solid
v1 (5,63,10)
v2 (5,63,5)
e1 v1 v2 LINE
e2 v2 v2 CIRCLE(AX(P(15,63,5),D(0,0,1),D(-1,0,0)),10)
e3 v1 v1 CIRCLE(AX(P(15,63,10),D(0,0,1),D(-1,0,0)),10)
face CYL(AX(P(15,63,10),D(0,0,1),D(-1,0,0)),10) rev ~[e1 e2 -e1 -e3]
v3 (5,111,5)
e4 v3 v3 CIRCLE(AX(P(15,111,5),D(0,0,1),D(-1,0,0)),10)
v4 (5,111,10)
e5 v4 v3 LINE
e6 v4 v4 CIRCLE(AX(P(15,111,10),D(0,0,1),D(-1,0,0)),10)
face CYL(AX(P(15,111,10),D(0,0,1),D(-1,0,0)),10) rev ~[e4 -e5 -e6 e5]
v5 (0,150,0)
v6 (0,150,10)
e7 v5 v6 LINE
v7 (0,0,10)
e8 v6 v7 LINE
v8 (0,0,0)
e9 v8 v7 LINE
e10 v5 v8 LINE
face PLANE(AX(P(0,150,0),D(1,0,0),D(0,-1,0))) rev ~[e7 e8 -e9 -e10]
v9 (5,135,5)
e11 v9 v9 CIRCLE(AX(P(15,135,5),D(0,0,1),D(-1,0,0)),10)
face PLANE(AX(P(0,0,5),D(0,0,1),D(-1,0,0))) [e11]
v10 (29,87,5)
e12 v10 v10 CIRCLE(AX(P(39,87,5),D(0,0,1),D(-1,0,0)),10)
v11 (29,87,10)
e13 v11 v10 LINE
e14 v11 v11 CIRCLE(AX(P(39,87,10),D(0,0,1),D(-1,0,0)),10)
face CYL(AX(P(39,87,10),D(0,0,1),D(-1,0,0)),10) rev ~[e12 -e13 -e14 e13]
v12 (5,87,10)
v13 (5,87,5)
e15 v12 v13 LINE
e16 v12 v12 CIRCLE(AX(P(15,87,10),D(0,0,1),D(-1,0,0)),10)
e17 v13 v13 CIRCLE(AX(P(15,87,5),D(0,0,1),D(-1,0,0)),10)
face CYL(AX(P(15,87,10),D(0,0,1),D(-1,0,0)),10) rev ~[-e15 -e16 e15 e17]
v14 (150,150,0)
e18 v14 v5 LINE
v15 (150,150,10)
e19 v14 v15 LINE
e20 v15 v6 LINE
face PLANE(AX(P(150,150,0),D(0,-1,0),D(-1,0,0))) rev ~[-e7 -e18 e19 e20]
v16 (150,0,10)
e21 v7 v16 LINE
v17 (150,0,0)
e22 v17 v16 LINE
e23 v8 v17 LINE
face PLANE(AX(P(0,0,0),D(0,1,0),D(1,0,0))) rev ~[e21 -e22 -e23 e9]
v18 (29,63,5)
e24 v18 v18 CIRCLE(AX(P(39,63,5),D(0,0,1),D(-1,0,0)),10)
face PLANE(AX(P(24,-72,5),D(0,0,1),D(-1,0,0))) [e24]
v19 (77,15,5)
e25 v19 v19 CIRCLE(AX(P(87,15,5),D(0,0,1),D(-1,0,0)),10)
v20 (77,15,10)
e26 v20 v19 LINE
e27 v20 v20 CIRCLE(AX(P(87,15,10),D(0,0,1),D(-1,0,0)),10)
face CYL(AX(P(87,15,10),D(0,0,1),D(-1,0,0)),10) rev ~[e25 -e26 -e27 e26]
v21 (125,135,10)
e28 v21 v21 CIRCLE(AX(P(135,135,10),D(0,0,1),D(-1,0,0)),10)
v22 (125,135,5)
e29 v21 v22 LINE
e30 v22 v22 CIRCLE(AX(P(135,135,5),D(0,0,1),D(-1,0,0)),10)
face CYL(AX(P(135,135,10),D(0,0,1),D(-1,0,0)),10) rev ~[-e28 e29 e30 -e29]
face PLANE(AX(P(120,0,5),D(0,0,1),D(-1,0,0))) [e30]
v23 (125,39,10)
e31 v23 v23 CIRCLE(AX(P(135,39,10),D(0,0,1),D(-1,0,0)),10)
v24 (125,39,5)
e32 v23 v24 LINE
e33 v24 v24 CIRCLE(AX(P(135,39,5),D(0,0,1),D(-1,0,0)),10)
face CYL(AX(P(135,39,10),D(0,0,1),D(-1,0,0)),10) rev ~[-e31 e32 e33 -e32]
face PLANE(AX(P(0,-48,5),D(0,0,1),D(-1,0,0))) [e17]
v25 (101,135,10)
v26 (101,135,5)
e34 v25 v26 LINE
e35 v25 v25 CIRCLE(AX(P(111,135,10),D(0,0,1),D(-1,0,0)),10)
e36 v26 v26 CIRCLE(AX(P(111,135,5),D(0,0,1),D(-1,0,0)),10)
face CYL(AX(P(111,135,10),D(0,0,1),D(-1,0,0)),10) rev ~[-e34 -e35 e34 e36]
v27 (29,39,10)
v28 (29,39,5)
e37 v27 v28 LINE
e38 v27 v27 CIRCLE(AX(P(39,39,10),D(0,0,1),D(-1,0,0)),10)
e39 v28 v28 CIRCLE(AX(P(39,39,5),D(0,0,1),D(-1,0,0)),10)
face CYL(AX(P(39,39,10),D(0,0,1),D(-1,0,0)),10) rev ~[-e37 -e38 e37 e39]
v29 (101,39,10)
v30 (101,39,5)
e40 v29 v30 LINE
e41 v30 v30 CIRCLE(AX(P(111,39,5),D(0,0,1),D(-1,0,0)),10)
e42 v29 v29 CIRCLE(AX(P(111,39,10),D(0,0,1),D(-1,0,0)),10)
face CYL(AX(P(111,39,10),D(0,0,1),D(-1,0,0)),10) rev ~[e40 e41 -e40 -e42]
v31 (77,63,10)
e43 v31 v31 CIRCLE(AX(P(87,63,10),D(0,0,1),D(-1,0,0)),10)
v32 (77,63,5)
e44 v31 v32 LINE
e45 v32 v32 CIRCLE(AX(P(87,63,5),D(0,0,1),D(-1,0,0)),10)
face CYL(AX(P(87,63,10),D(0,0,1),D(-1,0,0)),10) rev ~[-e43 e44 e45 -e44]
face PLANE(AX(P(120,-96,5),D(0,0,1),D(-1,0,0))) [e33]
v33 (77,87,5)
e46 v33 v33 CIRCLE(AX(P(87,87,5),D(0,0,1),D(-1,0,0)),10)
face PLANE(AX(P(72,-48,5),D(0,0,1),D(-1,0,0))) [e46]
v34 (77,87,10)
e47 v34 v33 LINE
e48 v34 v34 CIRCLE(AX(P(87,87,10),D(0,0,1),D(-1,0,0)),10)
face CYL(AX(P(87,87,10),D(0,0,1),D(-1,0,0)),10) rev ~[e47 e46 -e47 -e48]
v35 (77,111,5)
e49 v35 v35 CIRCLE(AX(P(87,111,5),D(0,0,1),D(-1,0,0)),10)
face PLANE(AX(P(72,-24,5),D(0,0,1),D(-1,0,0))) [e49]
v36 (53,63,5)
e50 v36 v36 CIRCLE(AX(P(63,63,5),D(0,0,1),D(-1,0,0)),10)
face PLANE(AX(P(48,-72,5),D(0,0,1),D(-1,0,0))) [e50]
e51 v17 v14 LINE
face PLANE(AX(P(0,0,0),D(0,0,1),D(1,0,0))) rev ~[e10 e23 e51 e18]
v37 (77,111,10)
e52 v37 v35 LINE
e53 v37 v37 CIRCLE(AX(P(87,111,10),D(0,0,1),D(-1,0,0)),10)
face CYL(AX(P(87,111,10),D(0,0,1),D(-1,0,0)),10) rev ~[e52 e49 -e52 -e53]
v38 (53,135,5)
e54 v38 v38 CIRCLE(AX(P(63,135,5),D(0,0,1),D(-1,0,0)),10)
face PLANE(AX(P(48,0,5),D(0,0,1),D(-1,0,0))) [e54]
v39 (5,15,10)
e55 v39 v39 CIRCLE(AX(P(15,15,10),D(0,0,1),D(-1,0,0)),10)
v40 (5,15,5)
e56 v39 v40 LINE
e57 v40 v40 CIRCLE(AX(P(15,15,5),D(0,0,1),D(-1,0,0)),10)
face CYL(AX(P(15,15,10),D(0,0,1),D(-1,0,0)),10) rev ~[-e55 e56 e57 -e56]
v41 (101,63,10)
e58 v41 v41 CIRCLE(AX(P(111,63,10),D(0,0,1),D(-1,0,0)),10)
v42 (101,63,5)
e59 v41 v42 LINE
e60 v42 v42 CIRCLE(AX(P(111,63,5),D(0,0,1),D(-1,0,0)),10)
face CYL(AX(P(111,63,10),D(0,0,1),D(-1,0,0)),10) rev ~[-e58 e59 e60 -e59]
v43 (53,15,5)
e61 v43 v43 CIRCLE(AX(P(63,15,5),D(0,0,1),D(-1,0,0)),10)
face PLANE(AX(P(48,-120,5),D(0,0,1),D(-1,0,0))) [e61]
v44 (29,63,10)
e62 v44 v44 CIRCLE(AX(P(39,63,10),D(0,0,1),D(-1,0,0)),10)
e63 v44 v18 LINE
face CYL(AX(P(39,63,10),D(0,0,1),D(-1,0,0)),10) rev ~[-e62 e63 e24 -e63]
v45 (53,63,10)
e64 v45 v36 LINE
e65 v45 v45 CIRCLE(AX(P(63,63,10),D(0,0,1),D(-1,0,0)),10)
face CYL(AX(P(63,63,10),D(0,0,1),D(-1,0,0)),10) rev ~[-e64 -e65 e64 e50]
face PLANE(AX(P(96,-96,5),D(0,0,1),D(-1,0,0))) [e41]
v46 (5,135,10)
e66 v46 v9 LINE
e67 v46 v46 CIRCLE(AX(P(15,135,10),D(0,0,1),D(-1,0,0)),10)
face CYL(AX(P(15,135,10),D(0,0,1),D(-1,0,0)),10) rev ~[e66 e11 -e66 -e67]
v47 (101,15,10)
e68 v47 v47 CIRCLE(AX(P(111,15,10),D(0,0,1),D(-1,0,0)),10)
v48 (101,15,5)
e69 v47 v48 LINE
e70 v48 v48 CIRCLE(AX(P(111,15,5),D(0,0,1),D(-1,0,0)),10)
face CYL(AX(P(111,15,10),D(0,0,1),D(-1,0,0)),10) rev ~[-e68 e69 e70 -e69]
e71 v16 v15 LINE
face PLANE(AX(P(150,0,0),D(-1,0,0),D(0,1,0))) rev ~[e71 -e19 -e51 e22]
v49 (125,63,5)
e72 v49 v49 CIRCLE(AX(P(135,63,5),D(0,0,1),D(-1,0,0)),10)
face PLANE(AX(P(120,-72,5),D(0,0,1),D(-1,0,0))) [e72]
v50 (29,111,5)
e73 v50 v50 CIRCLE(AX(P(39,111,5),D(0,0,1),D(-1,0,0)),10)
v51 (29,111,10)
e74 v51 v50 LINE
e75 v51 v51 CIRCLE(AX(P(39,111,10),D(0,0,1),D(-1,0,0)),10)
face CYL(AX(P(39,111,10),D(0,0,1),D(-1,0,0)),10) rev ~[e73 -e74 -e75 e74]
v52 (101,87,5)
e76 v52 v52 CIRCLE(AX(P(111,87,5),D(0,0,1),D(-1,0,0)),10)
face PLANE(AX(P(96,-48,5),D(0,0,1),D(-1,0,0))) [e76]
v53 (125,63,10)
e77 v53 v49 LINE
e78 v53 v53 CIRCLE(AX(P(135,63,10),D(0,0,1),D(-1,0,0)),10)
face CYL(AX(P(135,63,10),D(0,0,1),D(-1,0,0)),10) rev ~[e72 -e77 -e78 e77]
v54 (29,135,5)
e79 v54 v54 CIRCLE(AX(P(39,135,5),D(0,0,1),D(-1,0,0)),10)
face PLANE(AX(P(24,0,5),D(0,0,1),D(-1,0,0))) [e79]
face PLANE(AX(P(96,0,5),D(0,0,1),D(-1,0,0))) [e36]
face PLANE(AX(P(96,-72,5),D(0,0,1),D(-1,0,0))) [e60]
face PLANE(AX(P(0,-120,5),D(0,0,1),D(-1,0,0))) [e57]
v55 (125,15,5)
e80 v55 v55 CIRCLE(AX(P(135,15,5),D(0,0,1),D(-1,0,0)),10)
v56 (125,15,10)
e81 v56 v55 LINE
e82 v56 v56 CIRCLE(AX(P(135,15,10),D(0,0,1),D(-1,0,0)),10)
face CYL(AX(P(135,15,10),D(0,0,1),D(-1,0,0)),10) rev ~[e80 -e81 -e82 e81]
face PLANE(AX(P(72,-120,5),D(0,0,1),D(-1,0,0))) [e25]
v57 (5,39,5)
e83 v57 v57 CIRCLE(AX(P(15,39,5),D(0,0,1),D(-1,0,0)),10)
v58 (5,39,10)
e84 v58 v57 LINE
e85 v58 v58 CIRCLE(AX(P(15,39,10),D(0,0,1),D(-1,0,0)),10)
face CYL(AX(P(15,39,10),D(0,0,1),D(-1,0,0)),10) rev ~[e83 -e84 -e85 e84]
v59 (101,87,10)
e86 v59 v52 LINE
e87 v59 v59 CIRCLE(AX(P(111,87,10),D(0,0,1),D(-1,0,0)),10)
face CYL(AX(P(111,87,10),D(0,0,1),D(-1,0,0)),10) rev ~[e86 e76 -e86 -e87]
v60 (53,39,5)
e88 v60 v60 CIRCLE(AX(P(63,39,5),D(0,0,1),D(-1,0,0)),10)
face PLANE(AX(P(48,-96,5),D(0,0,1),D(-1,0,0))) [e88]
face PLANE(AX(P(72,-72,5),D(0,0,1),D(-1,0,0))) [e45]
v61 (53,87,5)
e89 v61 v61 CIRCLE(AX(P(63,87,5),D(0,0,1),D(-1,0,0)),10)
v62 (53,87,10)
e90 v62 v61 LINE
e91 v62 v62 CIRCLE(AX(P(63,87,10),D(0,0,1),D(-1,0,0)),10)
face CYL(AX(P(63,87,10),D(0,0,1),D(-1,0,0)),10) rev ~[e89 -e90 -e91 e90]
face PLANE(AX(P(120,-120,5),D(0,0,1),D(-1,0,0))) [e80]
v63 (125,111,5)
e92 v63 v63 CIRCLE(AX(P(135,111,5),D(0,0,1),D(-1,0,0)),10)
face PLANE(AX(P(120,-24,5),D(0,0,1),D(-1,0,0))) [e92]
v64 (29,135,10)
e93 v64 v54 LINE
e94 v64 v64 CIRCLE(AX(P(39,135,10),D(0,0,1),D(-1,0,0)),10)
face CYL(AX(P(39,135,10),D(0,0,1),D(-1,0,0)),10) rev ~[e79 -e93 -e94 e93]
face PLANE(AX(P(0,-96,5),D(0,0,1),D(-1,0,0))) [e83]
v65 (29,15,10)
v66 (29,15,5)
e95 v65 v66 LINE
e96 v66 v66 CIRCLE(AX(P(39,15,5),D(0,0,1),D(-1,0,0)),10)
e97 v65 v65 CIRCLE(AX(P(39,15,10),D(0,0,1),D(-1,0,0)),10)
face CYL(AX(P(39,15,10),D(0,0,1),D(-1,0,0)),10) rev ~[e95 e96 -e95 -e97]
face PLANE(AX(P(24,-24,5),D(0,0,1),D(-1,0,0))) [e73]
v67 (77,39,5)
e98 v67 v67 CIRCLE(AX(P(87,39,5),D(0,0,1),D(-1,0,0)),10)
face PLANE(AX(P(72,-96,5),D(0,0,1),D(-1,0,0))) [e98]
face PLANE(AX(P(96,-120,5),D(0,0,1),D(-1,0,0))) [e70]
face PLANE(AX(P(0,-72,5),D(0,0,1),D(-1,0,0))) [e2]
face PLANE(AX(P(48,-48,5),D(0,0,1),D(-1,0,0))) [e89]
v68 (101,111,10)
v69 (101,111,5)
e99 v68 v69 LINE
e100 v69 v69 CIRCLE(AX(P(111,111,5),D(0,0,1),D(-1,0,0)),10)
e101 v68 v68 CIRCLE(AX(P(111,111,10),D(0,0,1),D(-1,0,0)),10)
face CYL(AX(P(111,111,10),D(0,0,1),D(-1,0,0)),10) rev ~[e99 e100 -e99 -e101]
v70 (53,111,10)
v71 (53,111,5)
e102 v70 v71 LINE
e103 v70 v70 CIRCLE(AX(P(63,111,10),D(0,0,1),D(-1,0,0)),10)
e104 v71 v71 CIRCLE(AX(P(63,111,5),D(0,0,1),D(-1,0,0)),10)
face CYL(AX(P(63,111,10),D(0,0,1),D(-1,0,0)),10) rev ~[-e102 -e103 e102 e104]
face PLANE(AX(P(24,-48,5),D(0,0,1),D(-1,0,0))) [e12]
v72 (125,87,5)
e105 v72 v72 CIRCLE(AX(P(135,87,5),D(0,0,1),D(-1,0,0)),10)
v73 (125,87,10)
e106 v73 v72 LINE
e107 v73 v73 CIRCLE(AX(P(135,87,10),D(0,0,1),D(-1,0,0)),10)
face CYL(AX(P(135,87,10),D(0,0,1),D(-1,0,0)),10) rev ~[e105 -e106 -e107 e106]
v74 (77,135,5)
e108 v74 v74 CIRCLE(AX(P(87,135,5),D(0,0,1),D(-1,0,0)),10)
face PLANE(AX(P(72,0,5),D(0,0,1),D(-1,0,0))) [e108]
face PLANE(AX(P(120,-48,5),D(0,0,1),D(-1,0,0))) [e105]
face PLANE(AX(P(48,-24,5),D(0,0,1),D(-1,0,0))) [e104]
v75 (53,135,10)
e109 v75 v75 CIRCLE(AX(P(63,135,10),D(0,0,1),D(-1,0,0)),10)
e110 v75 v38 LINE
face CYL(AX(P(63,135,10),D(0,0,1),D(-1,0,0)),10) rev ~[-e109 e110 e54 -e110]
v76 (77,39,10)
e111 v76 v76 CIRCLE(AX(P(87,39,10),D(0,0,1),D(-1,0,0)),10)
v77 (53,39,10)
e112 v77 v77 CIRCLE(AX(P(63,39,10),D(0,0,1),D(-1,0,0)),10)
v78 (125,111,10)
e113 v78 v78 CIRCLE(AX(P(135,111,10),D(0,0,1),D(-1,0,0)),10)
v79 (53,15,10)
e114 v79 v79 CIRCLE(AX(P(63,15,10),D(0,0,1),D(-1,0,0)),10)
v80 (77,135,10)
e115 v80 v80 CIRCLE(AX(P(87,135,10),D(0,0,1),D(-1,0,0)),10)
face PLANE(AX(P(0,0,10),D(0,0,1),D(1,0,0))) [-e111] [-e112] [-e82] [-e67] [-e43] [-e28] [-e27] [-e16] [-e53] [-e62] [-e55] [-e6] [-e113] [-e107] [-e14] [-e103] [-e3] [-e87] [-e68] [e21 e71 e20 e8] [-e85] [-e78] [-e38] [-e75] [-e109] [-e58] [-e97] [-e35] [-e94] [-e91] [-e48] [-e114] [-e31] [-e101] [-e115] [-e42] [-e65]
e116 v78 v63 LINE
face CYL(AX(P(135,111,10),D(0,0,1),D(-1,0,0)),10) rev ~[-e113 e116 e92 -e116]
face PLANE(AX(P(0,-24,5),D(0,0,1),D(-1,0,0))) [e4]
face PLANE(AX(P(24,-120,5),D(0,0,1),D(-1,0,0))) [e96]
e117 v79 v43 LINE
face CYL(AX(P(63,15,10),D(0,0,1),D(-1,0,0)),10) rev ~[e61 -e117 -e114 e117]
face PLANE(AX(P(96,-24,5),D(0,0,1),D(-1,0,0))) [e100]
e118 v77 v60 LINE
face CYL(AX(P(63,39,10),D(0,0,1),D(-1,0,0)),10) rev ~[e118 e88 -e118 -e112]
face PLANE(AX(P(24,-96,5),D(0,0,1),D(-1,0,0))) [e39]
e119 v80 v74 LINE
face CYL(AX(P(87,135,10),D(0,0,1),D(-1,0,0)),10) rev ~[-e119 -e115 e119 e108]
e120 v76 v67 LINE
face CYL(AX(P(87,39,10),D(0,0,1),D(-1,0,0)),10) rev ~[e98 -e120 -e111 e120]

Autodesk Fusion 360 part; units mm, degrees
sketch "Sketch1" plane through (0, 0, 0) normal (0, 0, 1) x (1, 0, 0)
  line L0 (0, 0) -> (150, 0)
  line L1 (150, 0) -> (150, 150)
  line L2 (150, 150) -> (0, 150)
  line L3 (0, 150) -> (0, 0)
  dimension "d1" = 150
  dimension "d2" = 150
extrude "Extrude2" add sketch "Sketch1" along normal blind 10
sketch "Sketch3" plane through (0, 0, 10) normal (0, 0, 1) x (-1, 0, 0)
  line L0 (0, -150) -> (0, 0)
  line L1 (0, 0) -> (-150, 0)
  line L2 (-150, 0) -> (-150, -150)
  line L3 (-150, -150) -> (0, -150)
  circle A0 centre (-15, -135) radius 10
  dimension "d7" = 20
  dimension "d8" = 15
  dimension "d9" = 15
extrude "Extrude3" cut sketch "Sketch3" against normal blind 5 contours A0
pattern_linear "R-Pattern1" count 6 spacing 24 along (1, 0, 0) count 6 spacing 24 along (0, -1, 0) of "Extrude3"
